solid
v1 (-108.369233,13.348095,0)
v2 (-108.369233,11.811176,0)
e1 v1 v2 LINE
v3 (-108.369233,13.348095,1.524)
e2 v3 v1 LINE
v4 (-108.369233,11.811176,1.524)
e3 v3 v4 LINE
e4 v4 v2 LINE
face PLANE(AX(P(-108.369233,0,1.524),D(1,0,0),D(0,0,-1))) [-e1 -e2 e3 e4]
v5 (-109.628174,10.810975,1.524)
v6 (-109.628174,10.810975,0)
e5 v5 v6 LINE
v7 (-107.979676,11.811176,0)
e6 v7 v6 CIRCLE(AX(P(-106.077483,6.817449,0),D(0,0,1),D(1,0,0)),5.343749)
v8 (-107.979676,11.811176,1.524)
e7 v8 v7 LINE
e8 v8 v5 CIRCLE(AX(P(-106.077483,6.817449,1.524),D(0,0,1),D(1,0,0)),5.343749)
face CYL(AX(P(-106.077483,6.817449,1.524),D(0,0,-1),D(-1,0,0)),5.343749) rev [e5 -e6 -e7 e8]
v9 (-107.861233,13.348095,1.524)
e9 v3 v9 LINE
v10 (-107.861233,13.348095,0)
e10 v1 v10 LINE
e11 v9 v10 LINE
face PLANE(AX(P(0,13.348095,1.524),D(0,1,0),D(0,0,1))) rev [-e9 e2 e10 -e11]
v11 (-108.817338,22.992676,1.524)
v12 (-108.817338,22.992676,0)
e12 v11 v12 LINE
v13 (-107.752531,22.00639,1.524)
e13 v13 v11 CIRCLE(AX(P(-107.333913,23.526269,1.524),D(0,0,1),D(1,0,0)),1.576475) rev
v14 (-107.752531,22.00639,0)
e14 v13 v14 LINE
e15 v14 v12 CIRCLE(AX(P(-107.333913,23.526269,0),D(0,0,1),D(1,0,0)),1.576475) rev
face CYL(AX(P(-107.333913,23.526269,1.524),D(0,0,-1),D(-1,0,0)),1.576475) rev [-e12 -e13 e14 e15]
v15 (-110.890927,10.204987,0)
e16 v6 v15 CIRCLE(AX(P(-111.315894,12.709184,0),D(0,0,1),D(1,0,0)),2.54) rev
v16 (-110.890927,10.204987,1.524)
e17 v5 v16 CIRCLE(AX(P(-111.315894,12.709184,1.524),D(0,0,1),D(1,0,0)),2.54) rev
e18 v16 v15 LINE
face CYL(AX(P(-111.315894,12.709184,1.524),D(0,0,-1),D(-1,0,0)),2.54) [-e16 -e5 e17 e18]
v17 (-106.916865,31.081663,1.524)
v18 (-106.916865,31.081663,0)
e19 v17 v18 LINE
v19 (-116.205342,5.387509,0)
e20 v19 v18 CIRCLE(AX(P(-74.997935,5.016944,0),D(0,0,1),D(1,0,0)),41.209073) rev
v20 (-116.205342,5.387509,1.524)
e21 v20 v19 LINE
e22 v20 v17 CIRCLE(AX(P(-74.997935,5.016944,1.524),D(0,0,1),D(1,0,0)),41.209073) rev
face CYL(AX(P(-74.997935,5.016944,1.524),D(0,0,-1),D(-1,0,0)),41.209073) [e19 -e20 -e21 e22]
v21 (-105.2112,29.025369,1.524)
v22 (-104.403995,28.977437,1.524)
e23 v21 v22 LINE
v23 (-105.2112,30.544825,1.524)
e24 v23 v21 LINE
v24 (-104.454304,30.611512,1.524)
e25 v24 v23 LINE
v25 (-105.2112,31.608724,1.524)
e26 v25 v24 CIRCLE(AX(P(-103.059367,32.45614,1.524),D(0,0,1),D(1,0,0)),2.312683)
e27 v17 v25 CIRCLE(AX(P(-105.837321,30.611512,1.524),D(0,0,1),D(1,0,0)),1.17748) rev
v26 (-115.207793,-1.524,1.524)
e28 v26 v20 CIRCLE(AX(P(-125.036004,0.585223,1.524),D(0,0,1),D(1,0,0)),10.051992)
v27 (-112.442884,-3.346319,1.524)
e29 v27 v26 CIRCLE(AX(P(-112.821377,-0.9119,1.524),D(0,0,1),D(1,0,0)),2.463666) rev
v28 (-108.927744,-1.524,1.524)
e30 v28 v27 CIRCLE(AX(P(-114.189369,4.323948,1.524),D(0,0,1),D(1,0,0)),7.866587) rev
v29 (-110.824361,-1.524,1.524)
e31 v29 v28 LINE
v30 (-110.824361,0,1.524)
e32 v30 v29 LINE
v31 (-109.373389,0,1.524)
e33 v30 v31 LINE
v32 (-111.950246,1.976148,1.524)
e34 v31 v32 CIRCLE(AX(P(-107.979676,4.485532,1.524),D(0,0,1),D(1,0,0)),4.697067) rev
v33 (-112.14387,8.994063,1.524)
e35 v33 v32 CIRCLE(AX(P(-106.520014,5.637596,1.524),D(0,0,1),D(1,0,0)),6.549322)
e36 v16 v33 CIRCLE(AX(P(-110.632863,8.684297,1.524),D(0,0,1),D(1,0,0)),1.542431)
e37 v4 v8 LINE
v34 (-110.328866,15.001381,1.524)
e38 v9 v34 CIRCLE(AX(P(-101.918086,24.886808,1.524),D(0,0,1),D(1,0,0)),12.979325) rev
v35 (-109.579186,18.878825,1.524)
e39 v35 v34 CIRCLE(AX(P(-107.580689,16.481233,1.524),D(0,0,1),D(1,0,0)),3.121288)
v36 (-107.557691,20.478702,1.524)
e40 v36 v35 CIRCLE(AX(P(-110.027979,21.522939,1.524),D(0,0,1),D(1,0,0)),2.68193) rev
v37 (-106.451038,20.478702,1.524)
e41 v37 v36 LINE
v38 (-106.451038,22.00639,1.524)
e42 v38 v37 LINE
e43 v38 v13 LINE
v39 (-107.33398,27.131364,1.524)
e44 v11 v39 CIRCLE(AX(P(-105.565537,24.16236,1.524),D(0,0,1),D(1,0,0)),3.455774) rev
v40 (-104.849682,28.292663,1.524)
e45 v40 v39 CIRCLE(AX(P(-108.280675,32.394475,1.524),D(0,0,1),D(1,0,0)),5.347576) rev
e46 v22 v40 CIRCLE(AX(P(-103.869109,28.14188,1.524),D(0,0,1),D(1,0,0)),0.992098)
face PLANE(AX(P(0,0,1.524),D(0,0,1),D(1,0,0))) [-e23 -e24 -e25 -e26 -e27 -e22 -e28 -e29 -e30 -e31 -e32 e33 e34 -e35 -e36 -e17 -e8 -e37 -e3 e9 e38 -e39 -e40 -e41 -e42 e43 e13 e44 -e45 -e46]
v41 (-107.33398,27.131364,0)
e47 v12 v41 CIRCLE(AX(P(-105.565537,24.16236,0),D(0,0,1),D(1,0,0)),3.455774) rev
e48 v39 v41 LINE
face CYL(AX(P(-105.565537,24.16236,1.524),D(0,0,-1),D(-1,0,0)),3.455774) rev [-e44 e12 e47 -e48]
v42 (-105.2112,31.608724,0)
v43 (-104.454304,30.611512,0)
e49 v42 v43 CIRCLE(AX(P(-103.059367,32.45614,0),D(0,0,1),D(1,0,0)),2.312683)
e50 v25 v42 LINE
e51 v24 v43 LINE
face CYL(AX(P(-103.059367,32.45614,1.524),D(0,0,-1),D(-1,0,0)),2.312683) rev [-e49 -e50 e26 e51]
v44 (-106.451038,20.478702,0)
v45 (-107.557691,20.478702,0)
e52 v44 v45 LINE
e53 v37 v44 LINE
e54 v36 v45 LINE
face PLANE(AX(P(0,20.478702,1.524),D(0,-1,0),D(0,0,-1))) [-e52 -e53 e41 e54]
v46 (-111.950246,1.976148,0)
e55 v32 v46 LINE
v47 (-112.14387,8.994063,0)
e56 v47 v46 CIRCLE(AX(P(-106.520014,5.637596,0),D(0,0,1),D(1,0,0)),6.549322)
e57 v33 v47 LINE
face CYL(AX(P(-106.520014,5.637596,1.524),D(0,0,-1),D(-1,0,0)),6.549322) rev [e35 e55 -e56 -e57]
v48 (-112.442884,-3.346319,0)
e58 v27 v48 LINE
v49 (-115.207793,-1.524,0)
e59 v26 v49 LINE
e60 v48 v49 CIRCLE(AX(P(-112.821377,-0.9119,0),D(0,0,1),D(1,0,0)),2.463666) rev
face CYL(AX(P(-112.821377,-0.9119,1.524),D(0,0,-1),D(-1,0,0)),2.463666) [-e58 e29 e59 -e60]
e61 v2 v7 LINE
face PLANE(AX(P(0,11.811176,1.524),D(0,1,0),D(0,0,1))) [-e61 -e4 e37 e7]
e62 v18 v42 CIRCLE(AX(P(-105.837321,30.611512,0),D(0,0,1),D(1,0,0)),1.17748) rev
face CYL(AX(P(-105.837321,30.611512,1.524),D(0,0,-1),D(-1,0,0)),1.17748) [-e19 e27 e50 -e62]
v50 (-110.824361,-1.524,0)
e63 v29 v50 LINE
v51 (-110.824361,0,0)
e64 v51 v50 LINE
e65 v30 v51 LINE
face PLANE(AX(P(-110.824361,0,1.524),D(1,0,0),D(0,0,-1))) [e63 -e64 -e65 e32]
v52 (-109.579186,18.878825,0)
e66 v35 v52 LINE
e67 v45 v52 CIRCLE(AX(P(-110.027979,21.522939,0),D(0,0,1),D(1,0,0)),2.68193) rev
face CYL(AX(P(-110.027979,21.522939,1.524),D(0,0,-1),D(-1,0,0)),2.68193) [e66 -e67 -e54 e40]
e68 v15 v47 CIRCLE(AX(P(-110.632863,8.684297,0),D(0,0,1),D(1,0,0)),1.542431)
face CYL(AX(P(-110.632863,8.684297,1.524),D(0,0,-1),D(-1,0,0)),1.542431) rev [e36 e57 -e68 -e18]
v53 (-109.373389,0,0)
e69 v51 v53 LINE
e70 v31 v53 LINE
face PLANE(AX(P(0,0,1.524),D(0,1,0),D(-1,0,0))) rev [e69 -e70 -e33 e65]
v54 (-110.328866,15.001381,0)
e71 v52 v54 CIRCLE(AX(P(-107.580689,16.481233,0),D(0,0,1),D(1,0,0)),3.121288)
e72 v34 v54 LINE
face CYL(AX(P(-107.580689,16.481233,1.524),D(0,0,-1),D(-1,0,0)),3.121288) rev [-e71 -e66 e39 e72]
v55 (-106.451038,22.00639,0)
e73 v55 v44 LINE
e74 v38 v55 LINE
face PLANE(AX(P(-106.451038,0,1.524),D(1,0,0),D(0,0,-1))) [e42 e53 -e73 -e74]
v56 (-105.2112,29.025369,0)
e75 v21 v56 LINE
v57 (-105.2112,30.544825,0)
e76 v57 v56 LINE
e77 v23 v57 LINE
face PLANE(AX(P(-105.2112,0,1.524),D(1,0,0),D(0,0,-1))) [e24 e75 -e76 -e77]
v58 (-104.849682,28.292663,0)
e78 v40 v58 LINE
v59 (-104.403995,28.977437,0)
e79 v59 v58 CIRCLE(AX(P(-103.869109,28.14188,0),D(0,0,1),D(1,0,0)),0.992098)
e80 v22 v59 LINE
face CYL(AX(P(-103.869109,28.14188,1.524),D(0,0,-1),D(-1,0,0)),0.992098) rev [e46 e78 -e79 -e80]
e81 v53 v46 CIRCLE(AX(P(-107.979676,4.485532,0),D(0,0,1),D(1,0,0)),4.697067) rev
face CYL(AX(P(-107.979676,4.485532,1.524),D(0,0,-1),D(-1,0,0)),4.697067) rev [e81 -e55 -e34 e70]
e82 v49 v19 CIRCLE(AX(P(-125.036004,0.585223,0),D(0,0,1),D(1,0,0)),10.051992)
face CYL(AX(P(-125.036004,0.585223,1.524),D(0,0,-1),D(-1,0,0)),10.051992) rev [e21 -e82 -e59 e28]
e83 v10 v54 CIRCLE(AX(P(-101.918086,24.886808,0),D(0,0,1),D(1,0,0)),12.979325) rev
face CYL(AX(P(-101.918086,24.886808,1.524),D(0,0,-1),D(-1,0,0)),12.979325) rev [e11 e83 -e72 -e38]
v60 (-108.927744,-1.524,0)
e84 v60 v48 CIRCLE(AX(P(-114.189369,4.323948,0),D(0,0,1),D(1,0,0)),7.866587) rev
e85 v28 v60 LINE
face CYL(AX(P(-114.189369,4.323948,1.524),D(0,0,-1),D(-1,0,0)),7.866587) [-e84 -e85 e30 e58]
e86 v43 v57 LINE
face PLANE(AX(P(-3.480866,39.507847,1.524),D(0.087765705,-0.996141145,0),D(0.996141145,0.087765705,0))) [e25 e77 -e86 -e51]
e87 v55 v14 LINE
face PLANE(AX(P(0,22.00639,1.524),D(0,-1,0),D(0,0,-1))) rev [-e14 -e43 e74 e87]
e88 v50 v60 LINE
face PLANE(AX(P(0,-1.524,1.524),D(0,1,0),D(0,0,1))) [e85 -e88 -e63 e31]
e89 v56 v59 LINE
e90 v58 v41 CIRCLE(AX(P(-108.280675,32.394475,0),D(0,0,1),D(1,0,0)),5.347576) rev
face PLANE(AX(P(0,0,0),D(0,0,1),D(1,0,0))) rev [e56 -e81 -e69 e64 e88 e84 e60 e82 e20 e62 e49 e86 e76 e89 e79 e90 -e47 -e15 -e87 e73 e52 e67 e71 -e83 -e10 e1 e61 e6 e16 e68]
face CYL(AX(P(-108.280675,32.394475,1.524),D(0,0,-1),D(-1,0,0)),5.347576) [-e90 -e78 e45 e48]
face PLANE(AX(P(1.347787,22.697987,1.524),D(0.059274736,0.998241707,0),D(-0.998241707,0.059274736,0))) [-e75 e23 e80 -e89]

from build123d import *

# Parameters (mm, degrees)
BOSS_EXTRUDE1_DEPTH = 1.524


with BuildPart() as part:
    # Sketch1 → Boss-Extrude1 (new body)
    with BuildSketch(Plane.XY):
        with BuildLine():
            Line((-110.824360774, 0), (-110.824360774, -1.524))
            Line((-110.824360774, -1.524), (-108.927743626, -1.524))
            ThreePointArc((-108.927743626, -1.524), (-110.568786986, -2.659932295), (-112.442883949, -3.346318527))
            ThreePointArc((-112.442883949, -3.346318527), (-114.17716098, -2.968961004), (-115.207793415, -1.524))
            ThreePointArc((-115.207793415, -1.524), (-115.087103351, 2.021162801), (-116.205341733, 5.387509232))
            ThreePointArc((-116.205341733, 5.387509232), (-113.752453245, 19.026762394), (-106.916865485, 31.081663004))
            ThreePointArc((-106.916865485, 31.081663004), (-106.184950927, 31.736506317), (-105.211200263, 31.608723968))
            ThreePointArc((-105.211200263, 31.608723968), (-104.901513118, 31.0579276), (-104.454303839, 30.611512291))
            Line((-104.454303839, 30.611512291), (-105.211200263, 30.544825407))
            Line((-105.211200263, 30.544825407), (-105.211200263, 29.025368505))
            Line((-105.211200263, 29.025368505), (-104.403994808, 28.977437337))
            ThreePointArc((-104.403994808, 28.977437337), (-104.700603167, 28.683060455), (-104.849681876, 28.292663471))
            ThreePointArc((-104.849681876, 28.292663471), (-106.016123504, 27.550057971), (-107.333979522, 27.131364149))
            ThreePointArc((-107.333979522, 27.131364149), (-108.818673483, 25.32832607), (-108.817338403, 22.992676119))
            ThreePointArc((-108.817338403, 22.992676119), (-108.405188947, 22.369705182), (-107.752531072, 22.00639036))
            Line((-107.752531072, 22.00639036), (-106.451038151, 22.00639036))
            Line((-106.451038151, 22.00639036), (-106.451038151, 20.478701595))
            Line((-106.451038151, 20.478701595), (-107.557691458, 20.478701595))
            ThreePointArc((-107.557691458, 20.478701595), (-108.363599409, 19.419942847), (-109.579185571, 18.87882549))
            ThreePointArc((-109.579185571, 18.87882549), (-110.645223511, 17.073742216), (-110.328866367, 15.001381081))
            ThreePointArc((-110.328866367, 15.001381081), (-109.142498989, 14.103916539), (-107.861232511, 13.348094888))
            Line((-107.861232511, 13.348094888), (-108.369232511, 13.348094888))
            Line((-108.369232511, 13.348094888), (-108.369232511, 11.811176348))
            Line((-108.369232511, 11.811176348), (-107.979675981, 11.811176348))
            ThreePointArc((-107.979675981, 11.811176348), (-108.849411149, 11.386044546), (-109.628173595, 10.810974668))
            ThreePointArc((-109.628173595, 10.810974668), (-110.216954925, 10.419220775), (-110.890927129, 10.204987173))
            ThreePointArc((-110.890927129, 10.204987173), (-111.704771273, 9.793399538), (-112.1438695, 8.994062677))
            ThreePointArc((-112.1438695, 8.994062677), (-113.066844869, 5.45696931), (-111.950245848, 1.976147619))
            ThreePointArc((-111.950245848, 1.976147619), (-110.838027473, 0.758299628), (-109.373389254, 0))
            Line((-109.373389254, 0), (-110.824360774, 0))
        make_face()
    extrude(amount=BOSS_EXTRUDE1_DEPTH)


solid = part.part
